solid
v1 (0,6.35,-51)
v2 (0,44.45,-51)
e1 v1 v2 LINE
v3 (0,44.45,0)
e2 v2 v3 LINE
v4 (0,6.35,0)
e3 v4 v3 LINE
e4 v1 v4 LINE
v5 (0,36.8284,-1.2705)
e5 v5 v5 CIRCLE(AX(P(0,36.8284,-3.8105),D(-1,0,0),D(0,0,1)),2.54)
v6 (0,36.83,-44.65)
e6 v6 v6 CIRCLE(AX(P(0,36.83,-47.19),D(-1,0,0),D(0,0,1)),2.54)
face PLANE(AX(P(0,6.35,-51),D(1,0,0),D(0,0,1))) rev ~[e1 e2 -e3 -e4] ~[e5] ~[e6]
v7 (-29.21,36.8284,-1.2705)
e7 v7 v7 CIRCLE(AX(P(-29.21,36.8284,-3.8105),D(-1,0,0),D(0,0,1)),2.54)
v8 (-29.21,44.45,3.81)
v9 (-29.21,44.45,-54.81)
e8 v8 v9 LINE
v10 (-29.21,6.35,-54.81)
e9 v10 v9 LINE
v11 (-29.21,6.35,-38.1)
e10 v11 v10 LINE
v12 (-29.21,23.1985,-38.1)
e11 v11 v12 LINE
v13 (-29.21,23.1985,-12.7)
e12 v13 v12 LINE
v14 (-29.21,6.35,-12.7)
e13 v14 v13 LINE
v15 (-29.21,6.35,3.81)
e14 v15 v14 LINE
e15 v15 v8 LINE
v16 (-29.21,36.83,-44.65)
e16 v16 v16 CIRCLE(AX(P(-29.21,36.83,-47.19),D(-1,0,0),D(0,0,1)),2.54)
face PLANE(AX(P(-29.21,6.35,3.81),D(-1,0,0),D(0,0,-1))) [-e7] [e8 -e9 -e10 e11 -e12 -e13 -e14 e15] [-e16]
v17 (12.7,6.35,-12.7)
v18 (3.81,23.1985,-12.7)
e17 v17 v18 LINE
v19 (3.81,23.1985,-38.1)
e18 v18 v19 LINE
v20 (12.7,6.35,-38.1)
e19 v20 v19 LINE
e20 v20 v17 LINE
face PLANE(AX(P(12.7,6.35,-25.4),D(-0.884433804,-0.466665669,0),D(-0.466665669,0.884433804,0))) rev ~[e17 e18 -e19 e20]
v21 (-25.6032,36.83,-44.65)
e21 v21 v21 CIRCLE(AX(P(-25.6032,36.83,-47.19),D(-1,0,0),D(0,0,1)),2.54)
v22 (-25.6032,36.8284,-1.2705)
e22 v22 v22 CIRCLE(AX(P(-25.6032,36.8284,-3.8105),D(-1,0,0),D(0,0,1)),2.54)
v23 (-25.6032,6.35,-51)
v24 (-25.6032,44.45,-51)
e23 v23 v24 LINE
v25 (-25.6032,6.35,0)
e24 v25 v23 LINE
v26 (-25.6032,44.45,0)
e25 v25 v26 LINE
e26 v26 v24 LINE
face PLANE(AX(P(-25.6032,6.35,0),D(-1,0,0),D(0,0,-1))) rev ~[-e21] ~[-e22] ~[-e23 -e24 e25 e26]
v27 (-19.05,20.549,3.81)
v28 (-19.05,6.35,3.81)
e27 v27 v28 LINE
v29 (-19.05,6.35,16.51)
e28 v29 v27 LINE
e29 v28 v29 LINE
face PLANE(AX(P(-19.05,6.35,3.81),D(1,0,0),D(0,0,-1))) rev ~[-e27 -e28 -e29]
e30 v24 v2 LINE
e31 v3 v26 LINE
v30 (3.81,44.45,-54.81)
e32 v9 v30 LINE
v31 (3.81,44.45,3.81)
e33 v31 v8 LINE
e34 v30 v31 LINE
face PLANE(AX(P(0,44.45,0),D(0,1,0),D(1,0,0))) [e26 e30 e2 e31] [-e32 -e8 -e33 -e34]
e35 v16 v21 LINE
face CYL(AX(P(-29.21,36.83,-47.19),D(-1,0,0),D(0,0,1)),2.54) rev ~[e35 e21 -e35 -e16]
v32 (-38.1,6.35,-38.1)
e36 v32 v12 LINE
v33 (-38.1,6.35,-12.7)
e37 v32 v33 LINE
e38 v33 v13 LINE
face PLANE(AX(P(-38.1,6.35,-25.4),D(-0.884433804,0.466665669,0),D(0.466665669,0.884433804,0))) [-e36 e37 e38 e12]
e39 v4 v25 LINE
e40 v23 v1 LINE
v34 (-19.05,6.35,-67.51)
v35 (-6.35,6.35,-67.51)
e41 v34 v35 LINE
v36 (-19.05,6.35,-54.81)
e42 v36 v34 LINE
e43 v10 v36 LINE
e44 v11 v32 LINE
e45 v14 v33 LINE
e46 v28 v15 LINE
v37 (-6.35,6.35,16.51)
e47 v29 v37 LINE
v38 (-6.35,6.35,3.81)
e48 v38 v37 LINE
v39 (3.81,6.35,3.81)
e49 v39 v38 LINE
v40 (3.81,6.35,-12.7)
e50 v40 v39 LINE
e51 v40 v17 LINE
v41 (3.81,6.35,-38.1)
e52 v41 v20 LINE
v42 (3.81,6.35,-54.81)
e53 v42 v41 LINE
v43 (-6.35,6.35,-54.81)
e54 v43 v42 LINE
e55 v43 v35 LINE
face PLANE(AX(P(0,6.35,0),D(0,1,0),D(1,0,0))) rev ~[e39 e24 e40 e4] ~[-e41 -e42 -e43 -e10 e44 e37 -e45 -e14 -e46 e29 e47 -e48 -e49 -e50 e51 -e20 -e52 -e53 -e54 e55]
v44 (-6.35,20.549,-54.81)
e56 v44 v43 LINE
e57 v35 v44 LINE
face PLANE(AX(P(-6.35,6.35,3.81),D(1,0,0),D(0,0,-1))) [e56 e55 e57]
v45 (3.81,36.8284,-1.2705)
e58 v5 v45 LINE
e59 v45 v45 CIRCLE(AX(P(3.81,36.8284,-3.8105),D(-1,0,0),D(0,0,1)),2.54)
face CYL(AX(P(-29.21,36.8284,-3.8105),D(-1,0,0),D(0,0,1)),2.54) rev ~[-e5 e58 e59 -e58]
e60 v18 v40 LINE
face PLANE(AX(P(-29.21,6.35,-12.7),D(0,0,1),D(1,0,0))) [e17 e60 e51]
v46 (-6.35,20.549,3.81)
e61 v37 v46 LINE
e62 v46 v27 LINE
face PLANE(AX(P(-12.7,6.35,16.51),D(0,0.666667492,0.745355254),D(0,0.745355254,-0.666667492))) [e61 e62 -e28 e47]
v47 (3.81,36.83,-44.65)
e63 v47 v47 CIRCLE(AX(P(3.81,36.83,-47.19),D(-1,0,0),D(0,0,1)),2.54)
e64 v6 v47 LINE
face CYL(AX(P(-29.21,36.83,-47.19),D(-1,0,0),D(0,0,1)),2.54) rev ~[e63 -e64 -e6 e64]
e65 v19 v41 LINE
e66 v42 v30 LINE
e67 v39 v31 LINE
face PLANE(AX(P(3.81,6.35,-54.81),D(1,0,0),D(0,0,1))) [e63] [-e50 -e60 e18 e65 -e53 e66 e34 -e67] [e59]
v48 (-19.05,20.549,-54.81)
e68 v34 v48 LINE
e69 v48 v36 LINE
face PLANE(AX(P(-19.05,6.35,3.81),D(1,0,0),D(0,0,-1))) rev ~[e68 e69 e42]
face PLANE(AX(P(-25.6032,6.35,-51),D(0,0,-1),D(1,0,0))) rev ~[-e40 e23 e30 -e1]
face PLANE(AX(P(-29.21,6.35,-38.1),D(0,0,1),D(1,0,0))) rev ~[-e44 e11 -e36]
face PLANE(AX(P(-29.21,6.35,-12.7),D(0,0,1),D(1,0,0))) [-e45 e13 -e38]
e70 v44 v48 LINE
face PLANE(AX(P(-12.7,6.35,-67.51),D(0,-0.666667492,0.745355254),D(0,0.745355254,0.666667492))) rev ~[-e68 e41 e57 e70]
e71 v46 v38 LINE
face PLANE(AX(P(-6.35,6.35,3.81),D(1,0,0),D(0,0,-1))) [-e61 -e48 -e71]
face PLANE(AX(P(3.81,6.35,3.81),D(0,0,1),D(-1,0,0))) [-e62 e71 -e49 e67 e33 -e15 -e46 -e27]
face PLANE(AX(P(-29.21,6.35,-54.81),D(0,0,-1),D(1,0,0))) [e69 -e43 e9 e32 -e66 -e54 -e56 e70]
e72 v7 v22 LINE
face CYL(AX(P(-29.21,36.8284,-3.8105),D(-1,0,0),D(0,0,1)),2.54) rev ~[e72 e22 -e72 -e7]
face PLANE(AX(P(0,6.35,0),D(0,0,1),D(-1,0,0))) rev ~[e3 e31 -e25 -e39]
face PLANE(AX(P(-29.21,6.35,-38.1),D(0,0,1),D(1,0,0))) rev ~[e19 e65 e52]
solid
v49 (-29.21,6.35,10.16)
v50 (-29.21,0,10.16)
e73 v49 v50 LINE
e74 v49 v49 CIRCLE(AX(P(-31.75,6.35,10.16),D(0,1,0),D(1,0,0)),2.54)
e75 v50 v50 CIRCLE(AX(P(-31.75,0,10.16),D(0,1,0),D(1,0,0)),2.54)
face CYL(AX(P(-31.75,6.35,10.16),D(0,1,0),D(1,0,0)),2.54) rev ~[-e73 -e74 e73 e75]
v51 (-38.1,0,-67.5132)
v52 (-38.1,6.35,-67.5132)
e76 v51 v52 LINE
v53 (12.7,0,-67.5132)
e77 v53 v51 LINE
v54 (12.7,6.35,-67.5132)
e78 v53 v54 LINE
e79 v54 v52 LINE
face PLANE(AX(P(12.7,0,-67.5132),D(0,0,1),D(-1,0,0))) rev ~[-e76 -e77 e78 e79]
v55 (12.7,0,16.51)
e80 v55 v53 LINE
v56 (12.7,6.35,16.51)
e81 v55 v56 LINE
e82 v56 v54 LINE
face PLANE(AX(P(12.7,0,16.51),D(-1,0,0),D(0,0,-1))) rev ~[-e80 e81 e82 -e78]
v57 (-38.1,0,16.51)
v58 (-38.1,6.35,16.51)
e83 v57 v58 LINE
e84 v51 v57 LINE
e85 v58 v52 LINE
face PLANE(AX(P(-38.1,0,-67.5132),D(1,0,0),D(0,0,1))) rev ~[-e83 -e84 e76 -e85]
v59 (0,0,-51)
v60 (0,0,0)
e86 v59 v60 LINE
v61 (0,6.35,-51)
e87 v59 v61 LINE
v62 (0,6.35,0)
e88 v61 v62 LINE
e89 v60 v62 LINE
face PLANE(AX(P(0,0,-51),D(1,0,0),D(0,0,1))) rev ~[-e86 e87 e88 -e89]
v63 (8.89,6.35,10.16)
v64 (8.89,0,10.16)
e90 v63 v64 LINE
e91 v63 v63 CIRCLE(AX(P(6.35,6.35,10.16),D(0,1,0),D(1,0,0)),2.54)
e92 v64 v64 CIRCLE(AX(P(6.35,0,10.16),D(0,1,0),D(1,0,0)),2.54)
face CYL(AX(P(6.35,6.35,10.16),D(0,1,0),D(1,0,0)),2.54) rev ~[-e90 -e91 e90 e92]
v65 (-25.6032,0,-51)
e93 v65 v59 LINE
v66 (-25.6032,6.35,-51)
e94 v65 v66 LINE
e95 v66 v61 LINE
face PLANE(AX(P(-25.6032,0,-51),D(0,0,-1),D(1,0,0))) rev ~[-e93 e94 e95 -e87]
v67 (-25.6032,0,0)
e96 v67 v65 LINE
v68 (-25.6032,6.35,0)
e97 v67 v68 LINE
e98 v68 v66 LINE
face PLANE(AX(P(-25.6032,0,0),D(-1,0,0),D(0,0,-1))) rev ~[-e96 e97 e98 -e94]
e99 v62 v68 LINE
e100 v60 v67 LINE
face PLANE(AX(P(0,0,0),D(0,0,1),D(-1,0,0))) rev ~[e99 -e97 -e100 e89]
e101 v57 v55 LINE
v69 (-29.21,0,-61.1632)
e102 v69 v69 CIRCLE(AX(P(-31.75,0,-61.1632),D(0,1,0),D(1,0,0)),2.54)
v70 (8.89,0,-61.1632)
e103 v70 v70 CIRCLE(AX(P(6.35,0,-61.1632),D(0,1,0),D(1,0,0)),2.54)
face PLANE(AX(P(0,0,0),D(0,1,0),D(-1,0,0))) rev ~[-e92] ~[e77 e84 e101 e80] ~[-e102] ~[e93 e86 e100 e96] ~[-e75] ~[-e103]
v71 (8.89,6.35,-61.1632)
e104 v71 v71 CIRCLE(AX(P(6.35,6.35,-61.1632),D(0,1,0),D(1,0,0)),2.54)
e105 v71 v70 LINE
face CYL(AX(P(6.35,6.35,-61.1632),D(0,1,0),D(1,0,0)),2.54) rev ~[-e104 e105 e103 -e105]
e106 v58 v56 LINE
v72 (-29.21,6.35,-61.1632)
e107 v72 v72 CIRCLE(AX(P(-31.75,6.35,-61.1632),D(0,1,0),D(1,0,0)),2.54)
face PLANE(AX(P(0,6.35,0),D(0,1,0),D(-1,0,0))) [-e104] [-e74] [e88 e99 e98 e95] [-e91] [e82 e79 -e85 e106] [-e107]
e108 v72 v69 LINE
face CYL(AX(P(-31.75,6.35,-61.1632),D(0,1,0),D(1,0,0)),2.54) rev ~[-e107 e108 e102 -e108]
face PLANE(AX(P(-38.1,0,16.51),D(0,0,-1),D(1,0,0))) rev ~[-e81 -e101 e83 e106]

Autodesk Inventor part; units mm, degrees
ref_plane "YZ Plane" through (0, 0, 0) normal (1, 0, 0) x (0, 1, 0)
sketch "Sketch7" plane through (0, 0, 0) normal (0, 1, 0) x (-1, 0, 0)
  line L0 (25.6032, 0) -> (25.6032, -51) construction
  line L1 (0, 3.81) -> (0, 0) construction
  line L2 (25.6032, -51) -> (0, -51) construction
  line L3 (0, -51) -> (0, 0) construction
  line L4 (0, 0) -> (25.6032, 0) construction
  line L5 (25.6032, 0) -> (25.6032, -51) construction
  line L6 (15.875, -67.51) -> (38.1, -67.51) construction
  line L7 (38.1, -15.875) -> (38.1, 16.51) projected
  line L8 (38.1, 16.51) -> (-12.7, 16.51)
  line L9 (-12.7, 16.51) -> (-12.7, -67.5132)
  line L10 (-12.7, -67.5132) -> (38.1, -67.5132)
  line L11 (38.1, -67.5132) -> (38.1, 16.51)
  line L12 (25.6032, -51) -> (0, -51)
  line L13 (0, -51) -> (0, 0)
  line L14 (0, 0) -> (25.6032, 0)
  line L15 (25.6032, 0) -> (25.6032, -51)
  dimension "d47" = 50.8
  dimension "d48" = 84.0232
extrude "Extrusion7" add sketch "Sketch7" along normal blind 6.35
sketch "Sketch8" plane through (0, 6.35, 0) normal (0, 1, 0) x (1, 0, 0)
  line L0 (-29.21, 54.81) -> (3.81, 54.81)
  line L1 (3.81, 54.81) -> (3.81, -3.81)
  line L2 (3.81, -3.81) -> (-29.21, -3.81)
  line L3 (-29.21, -3.81) -> (-29.21, 54.81)
  line L4 (-25.6032, 0) -> (-25.6032, 51) projected
  line L5 (0, 0) -> (-25.6032, 0) projected
  line L6 (-25.6032, 51) -> (0, 51)
  line L7 (0, 51) -> (0, 0)
  line L8 (0, 0) -> (-25.6032, 0)
  line L9 (-25.6032, 0) -> (-25.6032, 51)
  dimension "d51" = 33.02
extrude "Extrusion8" add sketch "Sketch8" along normal blind 38.1 separate body
ref_plane "Work Plane3" through (-29.21, 6.35, -25.4) normal (0, 0, 1) x (1, 0, 0)
ref_plane "Work Plane4" through (-12.7, 6.35, 3.81) normal (1, 0, 0) x (0, 0, -1)
sketch "Sketch9" plane through (-12.7, 6.35, 3.81) normal (1, 0, 0) x (0, 0, -1)
  line L0 (3.81, 38.1) -> (54.81, 38.1) construction
  line L1 (29.31, 38.1) -> (29.31, 0) construction
  line L2 (54.81, 0) -> (3.81, 0) construction
  line L3 (-12.7, -6.35) -> (-12.7, 0) projected
  line L4 (-12.7, 0) -> (0, 14.199)
  line L5 (0, 14.199) -> (0, 0)
  line L6 (0, 0) -> (-12.7, 0)
  line L7 (71.32, 0) -> (58.62, 14.199)
  line L8 (58.62, 14.199) -> (58.62, 0)
  line L9 (58.62, 0) -> (71.32, 0)
  point P0 (3.81, -6.35)
  dimension "d56" = 19.05
extrude "Extrusion9" add sketch "Sketch9" along normal mid plane 12.7 bodies 2
sketch "Sketch10" plane through (-29.21, 6.35, -25.4) normal (0, 0, 1) x (1, 0, 0)
  line L0 (0, 38.1) -> (33.02, 38.1) construction
  line L1 (16.51, 38.1) -> (16.4084, 0) construction
  line L2 (29.21, 0) -> (3.6068, 0) construction
  line L3 (41.91, -6.35) -> (41.91, 0) projected
  line L4 (41.91, 0) -> (33.02, 16.8485)
  line L5 (33.02, 16.8485) -> (33.02, 0)
  line L6 (33.02, 0) -> (41.91, 0)
  line L7 (-8.89, -6.35) -> (-8.89, 0) projected
  line L8 (-8.89, 0) -> (0, 16.8485)
  line L9 (0, 0) -> (0, 38.1) projected
  line L10 (0, 16.8485) -> (0, 0)
  line L11 (0, 0) -> (-8.89, 0)
  point P0 (29.21, -6.35)
  dimension "d59" = 19.05
  dimension "d60" = 19.05
extrude "Extrusion10" add sketch "Sketch10" along normal mid plane 25.4 bodies 2
sketch "Sketch11" plane through (0, 6.35, 0) normal (0, 1, 0) x (1, 0, 0)
  circle A0 centre (6.35, 61.1632) radius 2.54
  line L0 (12.7, -16.51) -> (12.7, 67.5132) projected
  line L1 (12.7, 67.5132) -> (-38.1, 67.5132) projected
  line L2 (12.7, 25.5016) -> (-38.1, 25.5016) construction
  line L3 (-38.1, 67.5132) -> (-38.1, -16.51) construction
  line L4 (-12.7, -16.51) -> (-12.7, 67.5132) construction
  circle A1 centre (6.35, -10.16) radius 2.54
  circle A2 centre (-31.75, 61.1632) radius 2.54
  circle A3 centre (-31.75, -10.16) radius 2.54
  point P0 (0, 0)
  dimension "d63" = 5.08
  dimension "d64" = 6.35
  dimension "d65" = 6.35
extrude "Extrusion11" cut sketch "Sketch11" against normal through all bodies 1
sketch "Sketch12" plane through (-29.21, 6.35, 3.81) normal (-1, 0, 0) x (0, 0, 1)
  circle A0 centre (-51, 30.48) radius 2.54
  line L0 (-58.62, 38.1) -> (0, 38.1) construction
  line L1 (-29.31, 38.1) -> (-29.3116, -6.35) construction
  line L2 (-71.3232, -6.35) -> (12.7, -6.35) construction
  line L3 (-58.62, 0) -> (-58.62, 38.1) construction
  circle A1 centre (-7.6205, 30.4784) radius 2.54
  point P0 (-3.81, -6.35)
  dimension "d68" = 5.08
  dimension "d69" = 7.62
  dimension "d70" = 7.62
extrude "Extrusion12" cut sketch "Sketch12" against normal through all bodies 2
properties part number "2x1AttachmentWrap"
